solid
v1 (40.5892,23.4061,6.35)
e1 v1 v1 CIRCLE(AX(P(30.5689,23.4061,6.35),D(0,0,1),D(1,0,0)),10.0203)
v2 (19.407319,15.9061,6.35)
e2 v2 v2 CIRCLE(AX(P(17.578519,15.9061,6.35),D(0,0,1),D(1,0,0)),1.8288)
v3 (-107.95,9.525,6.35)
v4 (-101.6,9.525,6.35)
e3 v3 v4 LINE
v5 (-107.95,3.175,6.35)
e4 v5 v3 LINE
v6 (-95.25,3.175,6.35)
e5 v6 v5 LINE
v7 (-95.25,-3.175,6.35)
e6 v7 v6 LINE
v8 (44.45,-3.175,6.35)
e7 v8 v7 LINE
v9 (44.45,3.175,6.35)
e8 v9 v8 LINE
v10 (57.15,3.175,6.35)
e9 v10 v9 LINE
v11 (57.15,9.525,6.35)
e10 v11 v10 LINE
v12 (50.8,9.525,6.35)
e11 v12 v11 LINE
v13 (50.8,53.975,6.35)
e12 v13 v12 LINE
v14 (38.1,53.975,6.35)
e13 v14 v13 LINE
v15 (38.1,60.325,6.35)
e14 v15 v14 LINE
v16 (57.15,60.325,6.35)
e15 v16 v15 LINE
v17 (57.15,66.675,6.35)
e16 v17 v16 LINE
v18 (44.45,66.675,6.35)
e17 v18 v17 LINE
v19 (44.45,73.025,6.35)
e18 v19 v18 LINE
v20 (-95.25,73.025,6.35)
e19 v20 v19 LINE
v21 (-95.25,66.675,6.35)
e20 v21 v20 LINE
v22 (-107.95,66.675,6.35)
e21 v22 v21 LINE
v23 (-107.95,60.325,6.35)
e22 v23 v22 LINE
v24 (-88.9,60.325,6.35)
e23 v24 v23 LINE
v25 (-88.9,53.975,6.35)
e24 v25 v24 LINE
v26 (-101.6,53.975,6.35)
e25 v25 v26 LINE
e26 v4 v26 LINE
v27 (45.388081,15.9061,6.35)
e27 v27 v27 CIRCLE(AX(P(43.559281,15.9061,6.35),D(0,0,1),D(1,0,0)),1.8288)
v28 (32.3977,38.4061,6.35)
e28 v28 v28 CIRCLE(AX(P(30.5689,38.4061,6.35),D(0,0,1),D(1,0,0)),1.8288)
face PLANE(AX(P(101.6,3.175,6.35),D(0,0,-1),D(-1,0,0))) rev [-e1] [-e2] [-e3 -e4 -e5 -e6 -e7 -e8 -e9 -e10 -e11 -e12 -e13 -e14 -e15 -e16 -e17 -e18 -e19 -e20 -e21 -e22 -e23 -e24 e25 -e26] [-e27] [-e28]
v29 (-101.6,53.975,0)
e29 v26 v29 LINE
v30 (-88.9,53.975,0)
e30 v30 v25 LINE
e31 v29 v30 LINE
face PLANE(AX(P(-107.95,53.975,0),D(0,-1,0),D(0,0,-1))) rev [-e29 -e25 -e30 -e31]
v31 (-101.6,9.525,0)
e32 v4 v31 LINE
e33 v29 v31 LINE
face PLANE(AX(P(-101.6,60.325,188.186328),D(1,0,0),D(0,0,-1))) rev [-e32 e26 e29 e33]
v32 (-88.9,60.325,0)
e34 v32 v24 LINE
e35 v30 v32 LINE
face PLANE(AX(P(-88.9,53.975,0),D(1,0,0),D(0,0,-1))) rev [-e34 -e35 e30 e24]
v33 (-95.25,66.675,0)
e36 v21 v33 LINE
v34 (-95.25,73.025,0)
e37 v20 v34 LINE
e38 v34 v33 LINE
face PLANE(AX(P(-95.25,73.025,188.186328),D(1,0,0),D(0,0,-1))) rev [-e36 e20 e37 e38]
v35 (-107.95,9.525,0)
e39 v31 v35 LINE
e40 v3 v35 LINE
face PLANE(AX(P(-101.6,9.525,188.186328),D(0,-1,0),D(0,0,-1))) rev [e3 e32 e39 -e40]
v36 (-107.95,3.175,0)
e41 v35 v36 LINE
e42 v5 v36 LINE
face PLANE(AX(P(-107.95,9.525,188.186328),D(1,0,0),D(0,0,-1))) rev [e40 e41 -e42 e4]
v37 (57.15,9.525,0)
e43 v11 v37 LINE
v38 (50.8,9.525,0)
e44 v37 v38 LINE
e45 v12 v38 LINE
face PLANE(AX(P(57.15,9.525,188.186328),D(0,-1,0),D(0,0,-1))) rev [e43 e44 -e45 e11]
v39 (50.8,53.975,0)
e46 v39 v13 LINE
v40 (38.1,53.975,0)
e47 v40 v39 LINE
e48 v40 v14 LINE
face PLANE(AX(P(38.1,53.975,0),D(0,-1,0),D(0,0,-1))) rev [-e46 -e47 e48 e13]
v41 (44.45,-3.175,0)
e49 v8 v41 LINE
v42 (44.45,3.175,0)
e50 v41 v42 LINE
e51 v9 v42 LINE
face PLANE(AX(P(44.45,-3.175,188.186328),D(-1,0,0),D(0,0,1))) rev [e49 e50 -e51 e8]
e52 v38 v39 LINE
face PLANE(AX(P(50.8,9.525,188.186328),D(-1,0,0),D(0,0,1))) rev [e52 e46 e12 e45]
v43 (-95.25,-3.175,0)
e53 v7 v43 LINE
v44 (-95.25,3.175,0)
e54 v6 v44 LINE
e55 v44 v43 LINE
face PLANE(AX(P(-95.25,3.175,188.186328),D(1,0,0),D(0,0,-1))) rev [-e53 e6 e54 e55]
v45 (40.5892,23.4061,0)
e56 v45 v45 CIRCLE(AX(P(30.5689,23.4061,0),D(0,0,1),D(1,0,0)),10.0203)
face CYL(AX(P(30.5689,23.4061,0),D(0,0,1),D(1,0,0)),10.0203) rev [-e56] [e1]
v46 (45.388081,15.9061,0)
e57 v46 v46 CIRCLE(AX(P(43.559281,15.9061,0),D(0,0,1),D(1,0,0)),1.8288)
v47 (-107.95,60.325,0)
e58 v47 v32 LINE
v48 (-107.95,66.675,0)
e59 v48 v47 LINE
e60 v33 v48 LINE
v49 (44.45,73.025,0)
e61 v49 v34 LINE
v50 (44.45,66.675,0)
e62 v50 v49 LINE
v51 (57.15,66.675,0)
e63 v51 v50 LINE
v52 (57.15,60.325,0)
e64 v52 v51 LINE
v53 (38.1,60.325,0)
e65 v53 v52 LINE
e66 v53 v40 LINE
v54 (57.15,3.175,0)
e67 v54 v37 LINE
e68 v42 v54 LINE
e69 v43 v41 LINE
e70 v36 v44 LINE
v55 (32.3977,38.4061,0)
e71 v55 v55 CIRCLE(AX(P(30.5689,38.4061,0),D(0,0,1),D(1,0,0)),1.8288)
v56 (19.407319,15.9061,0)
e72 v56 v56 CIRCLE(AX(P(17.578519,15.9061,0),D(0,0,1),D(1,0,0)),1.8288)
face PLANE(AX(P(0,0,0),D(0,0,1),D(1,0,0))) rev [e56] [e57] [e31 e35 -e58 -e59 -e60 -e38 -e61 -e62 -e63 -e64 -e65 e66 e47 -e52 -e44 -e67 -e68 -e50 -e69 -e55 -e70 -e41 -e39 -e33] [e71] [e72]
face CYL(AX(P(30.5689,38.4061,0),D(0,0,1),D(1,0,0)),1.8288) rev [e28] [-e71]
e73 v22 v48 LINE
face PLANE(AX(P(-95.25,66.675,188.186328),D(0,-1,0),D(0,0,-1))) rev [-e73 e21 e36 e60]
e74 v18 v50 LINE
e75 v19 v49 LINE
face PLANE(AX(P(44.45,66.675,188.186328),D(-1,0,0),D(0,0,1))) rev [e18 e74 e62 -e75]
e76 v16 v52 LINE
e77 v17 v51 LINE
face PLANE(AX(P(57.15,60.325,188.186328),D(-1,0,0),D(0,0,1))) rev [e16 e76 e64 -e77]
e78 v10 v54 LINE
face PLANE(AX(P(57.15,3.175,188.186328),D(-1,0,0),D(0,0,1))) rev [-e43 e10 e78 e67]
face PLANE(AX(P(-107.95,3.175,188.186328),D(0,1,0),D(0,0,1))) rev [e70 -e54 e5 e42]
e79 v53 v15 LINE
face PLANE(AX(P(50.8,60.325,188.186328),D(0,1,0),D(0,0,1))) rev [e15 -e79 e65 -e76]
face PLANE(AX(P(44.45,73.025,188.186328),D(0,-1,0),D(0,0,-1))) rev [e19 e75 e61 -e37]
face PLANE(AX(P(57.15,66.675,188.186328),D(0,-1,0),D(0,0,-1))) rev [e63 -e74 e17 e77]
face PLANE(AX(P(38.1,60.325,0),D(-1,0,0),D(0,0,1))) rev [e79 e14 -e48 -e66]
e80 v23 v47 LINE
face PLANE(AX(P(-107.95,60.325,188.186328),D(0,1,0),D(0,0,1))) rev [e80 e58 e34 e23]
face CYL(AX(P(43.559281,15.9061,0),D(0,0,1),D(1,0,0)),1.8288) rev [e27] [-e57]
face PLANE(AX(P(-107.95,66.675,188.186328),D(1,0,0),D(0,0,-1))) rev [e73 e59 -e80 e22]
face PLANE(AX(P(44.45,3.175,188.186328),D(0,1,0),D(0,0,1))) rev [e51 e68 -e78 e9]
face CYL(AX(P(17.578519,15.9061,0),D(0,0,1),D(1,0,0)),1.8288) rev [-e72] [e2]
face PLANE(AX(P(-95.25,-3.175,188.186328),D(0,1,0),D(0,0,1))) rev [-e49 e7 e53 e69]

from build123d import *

# Parameters (mm, degrees)
BOSS_EXTRUDE1_DEPTH = 6.35
SKETCH2_R           = 10.0203
SKETCH2_R_2         = 1.8288
SKETCH2_W           = 19.05
SKETCH2_H           = 6.35
CUT_EXTRUDE1_DEPTH  = 131.484388434


with BuildPart() as part:
    # Sketch1 → Boss-Extrude1 (new body)
    with BuildSketch(Plane.XY):
        Polygon((-95.25, -3.175), (44.45, -3.175), (44.45, 3.175), (57.15, 3.175), (57.15, 9.525), (50.8, 9.525), (50.8, 60.325), (57.15, 60.325), (57.15, 66.675), (44.45, 66.675), (44.45, 73.025), (-95.25, 73.025), (-95.25, 66.675), (-107.95, 66.675), (-107.95, 60.325), (-101.6, 60.325), (-101.6, 9.525), (-107.95, 9.525), (-107.95, 3.175), (-95.25, 3.175), align=None)
    extrude(amount=BOSS_EXTRUDE1_DEPTH)

    # Sketch2 → Cut-Extrude1 (cut, through all)
    with BuildSketch(Plane.XY.offset(6.35)):
        with Locations((30.5689, 23.4061)):
            Circle(SKETCH2_R)
        with Locations((30.5689, 38.4061)):
            Circle(SKETCH2_R_2)
        with Locations((17.578518943, 15.9061)):
            Circle(SKETCH2_R_2)
        with Locations((43.559281057, 15.9061)):
            Circle(SKETCH2_R_2)
        with Locations((47.625, 57.15)):
            Rectangle(SKETCH2_W, SKETCH2_H)
        with Locations((-98.425, 57.15)):
            Rectangle(SKETCH2_W, SKETCH2_H)
    extrude(amount=-CUT_EXTRUDE1_DEPTH, mode=Mode.SUBTRACT)


solid = part.part
